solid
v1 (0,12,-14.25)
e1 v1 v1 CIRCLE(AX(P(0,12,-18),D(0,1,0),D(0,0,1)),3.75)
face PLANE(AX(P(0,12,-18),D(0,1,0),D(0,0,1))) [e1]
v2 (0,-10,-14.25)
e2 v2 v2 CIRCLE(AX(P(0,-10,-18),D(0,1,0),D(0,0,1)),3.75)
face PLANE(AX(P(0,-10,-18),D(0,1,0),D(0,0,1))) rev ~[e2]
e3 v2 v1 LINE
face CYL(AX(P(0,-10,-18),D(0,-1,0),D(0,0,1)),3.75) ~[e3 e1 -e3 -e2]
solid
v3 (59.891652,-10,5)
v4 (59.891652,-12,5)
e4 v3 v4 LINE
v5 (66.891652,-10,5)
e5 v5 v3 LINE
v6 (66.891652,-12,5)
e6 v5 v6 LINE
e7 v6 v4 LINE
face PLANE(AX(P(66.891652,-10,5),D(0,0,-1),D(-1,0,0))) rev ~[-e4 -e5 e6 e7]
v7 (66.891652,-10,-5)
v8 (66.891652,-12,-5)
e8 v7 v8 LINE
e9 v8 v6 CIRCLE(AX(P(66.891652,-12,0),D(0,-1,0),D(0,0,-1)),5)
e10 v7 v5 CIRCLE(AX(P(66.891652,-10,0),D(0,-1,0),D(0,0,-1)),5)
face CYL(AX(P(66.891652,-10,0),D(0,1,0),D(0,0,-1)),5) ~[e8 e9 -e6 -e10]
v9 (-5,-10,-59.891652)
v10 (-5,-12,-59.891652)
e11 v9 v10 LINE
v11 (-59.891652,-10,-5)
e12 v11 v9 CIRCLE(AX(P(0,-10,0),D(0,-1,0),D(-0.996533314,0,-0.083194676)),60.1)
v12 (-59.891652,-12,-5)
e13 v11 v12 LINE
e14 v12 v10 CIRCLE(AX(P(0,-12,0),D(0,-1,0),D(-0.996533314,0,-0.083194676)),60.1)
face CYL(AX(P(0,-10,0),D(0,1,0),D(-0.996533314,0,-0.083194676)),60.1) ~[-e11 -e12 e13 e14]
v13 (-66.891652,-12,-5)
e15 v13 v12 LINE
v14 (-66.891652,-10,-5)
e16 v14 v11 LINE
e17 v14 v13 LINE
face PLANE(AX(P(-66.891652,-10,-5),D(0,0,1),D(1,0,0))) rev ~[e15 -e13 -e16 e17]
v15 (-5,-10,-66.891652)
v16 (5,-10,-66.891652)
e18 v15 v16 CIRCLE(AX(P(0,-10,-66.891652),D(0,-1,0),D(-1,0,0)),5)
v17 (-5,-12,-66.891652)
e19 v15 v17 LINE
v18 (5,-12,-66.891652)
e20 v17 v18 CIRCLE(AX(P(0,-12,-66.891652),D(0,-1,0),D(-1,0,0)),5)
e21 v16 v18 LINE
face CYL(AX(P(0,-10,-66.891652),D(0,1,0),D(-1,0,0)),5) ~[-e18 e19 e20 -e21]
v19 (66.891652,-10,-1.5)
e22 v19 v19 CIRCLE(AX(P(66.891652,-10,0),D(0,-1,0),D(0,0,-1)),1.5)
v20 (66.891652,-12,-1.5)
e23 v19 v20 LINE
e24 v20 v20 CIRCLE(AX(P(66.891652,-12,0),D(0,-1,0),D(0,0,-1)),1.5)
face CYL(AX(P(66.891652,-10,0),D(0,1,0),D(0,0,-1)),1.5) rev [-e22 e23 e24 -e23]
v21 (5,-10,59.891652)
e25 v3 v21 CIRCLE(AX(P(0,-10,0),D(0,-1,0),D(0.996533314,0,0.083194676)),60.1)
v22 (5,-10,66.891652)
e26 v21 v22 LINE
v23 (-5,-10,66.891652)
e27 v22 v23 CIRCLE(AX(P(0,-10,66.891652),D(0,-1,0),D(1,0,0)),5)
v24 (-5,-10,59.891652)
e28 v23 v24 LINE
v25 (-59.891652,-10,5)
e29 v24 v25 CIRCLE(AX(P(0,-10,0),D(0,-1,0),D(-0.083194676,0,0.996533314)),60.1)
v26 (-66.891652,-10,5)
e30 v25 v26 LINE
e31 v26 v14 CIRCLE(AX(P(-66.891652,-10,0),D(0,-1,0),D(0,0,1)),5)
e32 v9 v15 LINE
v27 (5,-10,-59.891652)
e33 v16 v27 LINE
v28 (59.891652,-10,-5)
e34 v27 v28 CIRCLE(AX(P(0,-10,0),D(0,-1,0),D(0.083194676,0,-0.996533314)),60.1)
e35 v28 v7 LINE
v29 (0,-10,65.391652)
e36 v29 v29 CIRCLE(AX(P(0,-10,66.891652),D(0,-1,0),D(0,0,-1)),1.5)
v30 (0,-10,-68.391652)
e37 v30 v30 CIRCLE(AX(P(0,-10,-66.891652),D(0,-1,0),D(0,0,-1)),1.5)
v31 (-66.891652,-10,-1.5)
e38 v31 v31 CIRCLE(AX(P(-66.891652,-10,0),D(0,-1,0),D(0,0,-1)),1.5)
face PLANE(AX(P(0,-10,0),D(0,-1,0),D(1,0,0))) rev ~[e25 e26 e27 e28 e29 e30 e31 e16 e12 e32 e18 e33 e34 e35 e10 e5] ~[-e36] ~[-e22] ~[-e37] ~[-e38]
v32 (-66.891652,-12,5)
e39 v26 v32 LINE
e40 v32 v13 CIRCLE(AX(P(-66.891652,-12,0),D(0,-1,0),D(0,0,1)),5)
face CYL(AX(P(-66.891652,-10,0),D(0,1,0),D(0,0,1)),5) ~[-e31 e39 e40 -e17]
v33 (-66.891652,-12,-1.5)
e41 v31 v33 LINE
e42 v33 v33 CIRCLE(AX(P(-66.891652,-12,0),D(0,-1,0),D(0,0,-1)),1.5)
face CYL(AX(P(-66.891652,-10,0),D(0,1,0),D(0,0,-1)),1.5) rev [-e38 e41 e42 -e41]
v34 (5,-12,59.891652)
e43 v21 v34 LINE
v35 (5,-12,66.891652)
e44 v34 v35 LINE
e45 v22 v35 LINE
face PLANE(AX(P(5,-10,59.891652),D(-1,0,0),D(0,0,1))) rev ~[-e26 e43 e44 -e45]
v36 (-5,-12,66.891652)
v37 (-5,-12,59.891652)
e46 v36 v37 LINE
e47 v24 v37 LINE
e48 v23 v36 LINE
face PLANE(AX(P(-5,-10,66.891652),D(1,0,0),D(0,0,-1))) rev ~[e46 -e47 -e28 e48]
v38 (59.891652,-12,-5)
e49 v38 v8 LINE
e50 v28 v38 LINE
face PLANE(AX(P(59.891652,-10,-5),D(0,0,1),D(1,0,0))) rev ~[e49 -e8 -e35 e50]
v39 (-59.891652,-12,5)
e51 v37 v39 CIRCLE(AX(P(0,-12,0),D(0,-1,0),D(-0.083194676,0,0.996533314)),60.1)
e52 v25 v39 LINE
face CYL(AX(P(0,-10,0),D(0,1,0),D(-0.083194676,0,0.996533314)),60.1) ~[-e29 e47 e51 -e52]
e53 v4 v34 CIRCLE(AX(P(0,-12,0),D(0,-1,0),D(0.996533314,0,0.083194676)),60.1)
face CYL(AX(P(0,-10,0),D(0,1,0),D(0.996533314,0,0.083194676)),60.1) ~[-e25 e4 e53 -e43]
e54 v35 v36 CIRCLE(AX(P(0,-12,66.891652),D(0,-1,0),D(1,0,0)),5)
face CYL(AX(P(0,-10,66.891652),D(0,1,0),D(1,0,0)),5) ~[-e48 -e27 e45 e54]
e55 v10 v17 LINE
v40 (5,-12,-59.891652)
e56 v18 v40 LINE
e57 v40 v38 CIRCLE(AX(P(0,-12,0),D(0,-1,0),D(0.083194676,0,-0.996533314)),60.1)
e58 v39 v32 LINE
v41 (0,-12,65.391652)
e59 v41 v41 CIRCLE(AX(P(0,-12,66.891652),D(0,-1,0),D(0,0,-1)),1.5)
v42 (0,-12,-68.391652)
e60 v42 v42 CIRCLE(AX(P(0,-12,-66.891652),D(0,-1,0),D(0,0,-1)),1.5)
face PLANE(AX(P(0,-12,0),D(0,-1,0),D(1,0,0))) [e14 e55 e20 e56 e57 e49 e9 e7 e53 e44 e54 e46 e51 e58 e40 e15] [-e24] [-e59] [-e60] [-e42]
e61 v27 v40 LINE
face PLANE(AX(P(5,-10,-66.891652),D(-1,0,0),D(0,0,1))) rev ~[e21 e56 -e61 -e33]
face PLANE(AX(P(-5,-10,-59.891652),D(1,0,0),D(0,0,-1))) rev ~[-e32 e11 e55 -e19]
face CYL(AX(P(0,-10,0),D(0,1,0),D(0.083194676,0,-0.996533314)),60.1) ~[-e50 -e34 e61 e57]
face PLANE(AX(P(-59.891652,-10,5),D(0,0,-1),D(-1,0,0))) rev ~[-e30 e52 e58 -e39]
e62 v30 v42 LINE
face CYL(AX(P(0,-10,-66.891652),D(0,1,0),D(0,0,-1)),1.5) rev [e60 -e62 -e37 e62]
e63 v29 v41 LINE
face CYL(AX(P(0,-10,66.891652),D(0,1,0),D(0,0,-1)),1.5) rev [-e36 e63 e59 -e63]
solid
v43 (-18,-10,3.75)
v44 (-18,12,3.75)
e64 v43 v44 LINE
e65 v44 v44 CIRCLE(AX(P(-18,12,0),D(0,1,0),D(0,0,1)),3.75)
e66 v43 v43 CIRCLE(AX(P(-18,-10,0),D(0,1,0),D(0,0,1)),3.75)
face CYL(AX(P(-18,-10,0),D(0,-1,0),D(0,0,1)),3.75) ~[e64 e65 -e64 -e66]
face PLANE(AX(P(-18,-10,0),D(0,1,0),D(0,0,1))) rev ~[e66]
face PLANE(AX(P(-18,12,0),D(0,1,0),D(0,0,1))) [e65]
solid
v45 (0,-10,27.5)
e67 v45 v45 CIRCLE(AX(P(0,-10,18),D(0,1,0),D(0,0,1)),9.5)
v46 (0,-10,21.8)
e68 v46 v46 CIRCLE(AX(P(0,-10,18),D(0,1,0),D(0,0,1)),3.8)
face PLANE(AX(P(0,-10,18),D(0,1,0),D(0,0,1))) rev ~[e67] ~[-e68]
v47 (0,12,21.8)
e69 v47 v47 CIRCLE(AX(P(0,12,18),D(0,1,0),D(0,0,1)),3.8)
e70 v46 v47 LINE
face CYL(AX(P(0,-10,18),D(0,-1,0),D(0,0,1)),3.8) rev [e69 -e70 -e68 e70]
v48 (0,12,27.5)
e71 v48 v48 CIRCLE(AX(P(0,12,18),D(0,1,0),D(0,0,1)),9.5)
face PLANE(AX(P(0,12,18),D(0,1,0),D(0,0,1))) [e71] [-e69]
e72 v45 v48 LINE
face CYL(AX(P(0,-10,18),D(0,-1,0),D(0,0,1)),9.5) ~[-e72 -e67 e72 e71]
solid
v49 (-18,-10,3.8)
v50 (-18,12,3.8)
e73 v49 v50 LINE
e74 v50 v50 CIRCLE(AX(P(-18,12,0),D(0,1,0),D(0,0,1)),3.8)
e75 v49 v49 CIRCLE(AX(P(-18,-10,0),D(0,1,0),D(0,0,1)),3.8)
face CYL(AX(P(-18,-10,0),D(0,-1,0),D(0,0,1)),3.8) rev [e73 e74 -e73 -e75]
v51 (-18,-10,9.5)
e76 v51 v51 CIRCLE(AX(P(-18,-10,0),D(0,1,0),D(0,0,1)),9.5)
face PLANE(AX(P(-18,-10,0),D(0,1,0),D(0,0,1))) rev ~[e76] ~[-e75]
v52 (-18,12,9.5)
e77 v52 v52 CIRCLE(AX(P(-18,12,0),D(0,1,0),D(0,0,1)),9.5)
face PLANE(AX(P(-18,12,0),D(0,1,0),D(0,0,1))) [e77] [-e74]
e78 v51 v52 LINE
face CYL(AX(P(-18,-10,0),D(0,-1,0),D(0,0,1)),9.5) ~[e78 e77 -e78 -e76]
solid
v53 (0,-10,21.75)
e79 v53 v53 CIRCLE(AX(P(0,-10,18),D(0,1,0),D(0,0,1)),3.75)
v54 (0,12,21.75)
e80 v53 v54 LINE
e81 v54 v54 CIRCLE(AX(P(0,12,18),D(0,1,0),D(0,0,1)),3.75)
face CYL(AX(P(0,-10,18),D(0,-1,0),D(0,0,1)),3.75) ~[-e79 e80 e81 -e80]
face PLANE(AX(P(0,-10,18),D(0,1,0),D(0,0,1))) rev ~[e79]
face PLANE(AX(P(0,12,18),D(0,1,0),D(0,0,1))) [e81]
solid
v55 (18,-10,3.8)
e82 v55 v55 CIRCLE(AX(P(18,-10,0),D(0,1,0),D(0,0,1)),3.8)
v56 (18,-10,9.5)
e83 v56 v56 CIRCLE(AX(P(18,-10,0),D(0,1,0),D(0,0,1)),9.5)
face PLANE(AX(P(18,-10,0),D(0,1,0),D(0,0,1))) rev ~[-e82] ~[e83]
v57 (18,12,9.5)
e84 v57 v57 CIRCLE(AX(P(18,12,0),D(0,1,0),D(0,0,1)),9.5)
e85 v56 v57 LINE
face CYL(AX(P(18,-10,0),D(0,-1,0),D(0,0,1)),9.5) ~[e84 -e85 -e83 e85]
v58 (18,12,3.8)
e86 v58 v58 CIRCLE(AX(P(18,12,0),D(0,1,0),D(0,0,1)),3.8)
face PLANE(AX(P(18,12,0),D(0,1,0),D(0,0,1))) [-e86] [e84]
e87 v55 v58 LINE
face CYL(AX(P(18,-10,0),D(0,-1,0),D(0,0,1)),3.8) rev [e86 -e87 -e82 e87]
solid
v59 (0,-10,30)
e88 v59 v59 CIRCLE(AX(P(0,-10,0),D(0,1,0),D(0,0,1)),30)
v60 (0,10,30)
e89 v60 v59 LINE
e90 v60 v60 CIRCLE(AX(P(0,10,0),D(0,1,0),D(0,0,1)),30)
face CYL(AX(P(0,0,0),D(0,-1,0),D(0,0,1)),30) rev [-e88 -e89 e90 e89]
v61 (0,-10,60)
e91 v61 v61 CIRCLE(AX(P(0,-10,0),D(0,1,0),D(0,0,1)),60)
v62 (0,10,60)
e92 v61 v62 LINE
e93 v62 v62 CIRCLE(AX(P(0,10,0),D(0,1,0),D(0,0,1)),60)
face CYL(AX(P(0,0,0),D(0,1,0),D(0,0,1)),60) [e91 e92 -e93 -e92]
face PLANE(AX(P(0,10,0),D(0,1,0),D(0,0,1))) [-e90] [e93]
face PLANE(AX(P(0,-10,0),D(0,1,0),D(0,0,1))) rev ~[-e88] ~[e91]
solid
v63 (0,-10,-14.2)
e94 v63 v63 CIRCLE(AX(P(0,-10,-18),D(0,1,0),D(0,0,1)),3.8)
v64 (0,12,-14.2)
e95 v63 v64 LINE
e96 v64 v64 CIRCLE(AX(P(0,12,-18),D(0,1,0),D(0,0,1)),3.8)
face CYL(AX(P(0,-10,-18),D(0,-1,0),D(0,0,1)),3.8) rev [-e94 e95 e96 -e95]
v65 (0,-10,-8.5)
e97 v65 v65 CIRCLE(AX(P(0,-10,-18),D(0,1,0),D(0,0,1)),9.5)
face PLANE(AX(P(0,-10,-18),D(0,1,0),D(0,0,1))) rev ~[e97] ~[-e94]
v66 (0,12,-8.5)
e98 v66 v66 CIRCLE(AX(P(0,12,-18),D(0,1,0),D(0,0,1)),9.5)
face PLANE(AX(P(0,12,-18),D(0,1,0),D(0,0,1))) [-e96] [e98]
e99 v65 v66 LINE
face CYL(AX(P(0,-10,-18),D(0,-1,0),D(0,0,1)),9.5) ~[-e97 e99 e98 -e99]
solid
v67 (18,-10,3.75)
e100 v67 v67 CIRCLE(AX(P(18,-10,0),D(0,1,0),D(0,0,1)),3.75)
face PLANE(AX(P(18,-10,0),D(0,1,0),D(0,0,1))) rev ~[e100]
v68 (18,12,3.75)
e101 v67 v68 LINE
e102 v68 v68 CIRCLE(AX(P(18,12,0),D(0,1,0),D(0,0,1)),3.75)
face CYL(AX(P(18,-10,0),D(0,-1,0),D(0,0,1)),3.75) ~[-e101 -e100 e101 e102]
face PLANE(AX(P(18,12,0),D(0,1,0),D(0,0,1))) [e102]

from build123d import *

# Parameters (mm, degrees)
SKETCH1_R             = 60
SKETCH1_R_2           = 30
BOSS_EXTRUDE1_DEPTH   = 10
SKETCH2_R             = 1.5
BOSS_EXTRUDE2_DEPTH   = 2
SKETCH3_R             = 9.5
SKETCH3_R_2           = 3.8
BOSS_EXTRUDE3_DEPTH   = 22
BOSS_EXTRUDE3_2_DEPTH = 22
SKETCH3_R_3           = 3.75
BOSS_EXTRUDE3_3_DEPTH = 22
BOSS_EXTRUDE3_4_DEPTH = 22
BOSS_EXTRUDE3_5_DEPTH = 22
BOSS_EXTRUDE3_6_DEPTH = 22
BOSS_EXTRUDE3_7_DEPTH = 22
BOSS_EXTRUDE3_8_DEPTH = 22


with BuildPart() as part:
    # Sketch1 → Boss-Extrude1 (new, symmetric)
    with BuildSketch(Plane(origin=(0, 0, 0), x_dir=(1, 0, 0), z_dir=(0, 1, 0))):
        with Locations(Location((0, 0, 0), (0, 0, 270))):
            Circle(SKETCH1_R)
        with Locations(Location((0, 0, 0), (0, 0, 270))):
            Circle(SKETCH1_R_2, mode=Mode.SUBTRACT)
    extrude(amount=BOSS_EXTRUDE1_DEPTH, both=True)


with BuildPart() as body_2:
    # Sketch2 → Boss-Extrude2 (new body)
    with BuildSketch(Plane.XZ.offset(10)):
        with BuildLine():
            Line((-5, 66.891652173), (-5, 59.891652173))
            ThreePointArc((-5, 59.891652173), (-42.497117549, 42.497117549), (-59.891652173, 5))
            Line((-59.891652173, 5), (-66.891652173, 5))
            ThreePointArc((-66.891652173, 5), (-71.891652173, 0), (-66.891652173, -5))
            Line((-66.891652173, -5), (-59.891652173, -5))
            ThreePointArc((-59.891652173, -5), (-42.497117549, -42.497117549), (-5, -59.891652173))
            Line((-5, -59.891652173), (-5, -66.891652173))
            ThreePointArc((-5, -66.891652173), (0, -71.891652173), (5, -66.891652173))
            Line((5, -66.891652173), (5, -59.891652173))
            ThreePointArc((5, -59.891652173), (42.497117549, -42.497117549), (59.891652173, -5))
            Line((59.891652173, -5), (66.891652173, -5))
            ThreePointArc((66.891652173, -5), (71.891652173, 0), (66.891652173, 5))
            Line((66.891652173, 5), (59.891652173, 5))
            ThreePointArc((59.891652173, 5), (42.497117549, 42.497117549), (5, 59.891652173))
            Line((5, 59.891652173), (5, 66.891652173))
            ThreePointArc((5, 66.891652173), (0, 71.891652173), (-5, 66.891652173))
        make_face()
        with Locations(Location((0, 66.891652173, 0), (0, 0, 270))):
            Circle(SKETCH2_R, mode=Mode.SUBTRACT)
        with Locations(Location((66.891652173, 0, 0), (0, 0, 270))):
            Circle(SKETCH2_R, mode=Mode.SUBTRACT)
        with Locations(Location((0, -66.891652173, 0), (0, 0, 270))):
            Circle(SKETCH2_R, mode=Mode.SUBTRACT)
        with Locations(Location((-66.891652173, 0, 0), (0, 0, 270))):
            Circle(SKETCH2_R, mode=Mode.SUBTRACT)
    extrude(amount=BOSS_EXTRUDE2_DEPTH)


with BuildPart() as body_3:
    # Sketch3 → Boss-Extrude3 (new body)
    with BuildSketch(Plane(origin=(0, -10, 0), x_dir=(1, 0, 0), z_dir=(0, 1, 0))):
        with Locations(Location((0, 18, 0), (0, 0, 270))):
            Circle(SKETCH3_R)
        with Locations(Location((0, 18, 0), (0, 0, 270))):
            Circle(SKETCH3_R_2, mode=Mode.SUBTRACT)
    extrude(amount=BOSS_EXTRUDE3_DEPTH)


with BuildPart() as body_4:
    # Sketch3 → Boss-Extrude3 2 (new body)
    with BuildSketch(Plane(origin=(0, -10, 0), x_dir=(1, 0, 0), z_dir=(0, 1, 0))):
        with Locations(Location((-18, 0, 0), (0, 0, 270))):
            Circle(SKETCH3_R)
        with Locations(Location((-18, 0, 0), (0, 0, 270))):
            Circle(SKETCH3_R_2, mode=Mode.SUBTRACT)
    extrude(amount=BOSS_EXTRUDE3_2_DEPTH)


with BuildPart() as body_5:
    # Sketch3 → Boss-Extrude3 3 (new body)
    with BuildSketch(Plane(origin=(0, -10, 0), x_dir=(1, 0, 0), z_dir=(0, 1, 0))):
        with Locations(Location((-18, 0, 0), (0, 0, 270))):
            Circle(SKETCH3_R_3)
    extrude(amount=BOSS_EXTRUDE3_3_DEPTH)


with BuildPart() as body_6:
    # Sketch3 → Boss-Extrude3 4 (new body)
    with BuildSketch(Plane(origin=(0, -10, 0), x_dir=(1, 0, 0), z_dir=(0, 1, 0))):
        with Locations(Location((0, -18, 0), (0, 0, 270))):
            Circle(SKETCH3_R)
        with Locations(Location((0, -18, 0), (0, 0, 270))):
            Circle(SKETCH3_R_2, mode=Mode.SUBTRACT)
    extrude(amount=BOSS_EXTRUDE3_4_DEPTH)


with BuildPart() as body_7:
    # Sketch3 → Boss-Extrude3 5 (new body)
    with BuildSketch(Plane(origin=(0, -10, 0), x_dir=(1, 0, 0), z_dir=(0, 1, 0))):
        with Locations(Location((0, -18, 0), (0, 0, 270))):
            Circle(SKETCH3_R_3)
    extrude(amount=BOSS_EXTRUDE3_5_DEPTH)


with BuildPart() as body_8:
    # Sketch3 → Boss-Extrude3 6 (new body)
    with BuildSketch(Plane(origin=(0, -10, 0), x_dir=(1, 0, 0), z_dir=(0, 1, 0))):
        with Locations(Location((18, 0, 0), (0, 0, 270))):
            Circle(SKETCH3_R_3)
    extrude(amount=BOSS_EXTRUDE3_6_DEPTH)


with BuildPart() as body_9:
    # Sketch3 → Boss-Extrude3 7 (new body)
    with BuildSketch(Plane(origin=(0, -10, 0), x_dir=(1, 0, 0), z_dir=(0, 1, 0))):
        with Locations(Location((18, 0, 0), (0, 0, 270))):
            Circle(SKETCH3_R)
        with Locations(Location((18, 0, 0), (0, 0, 270))):
            Circle(SKETCH3_R_2, mode=Mode.SUBTRACT)
    extrude(amount=BOSS_EXTRUDE3_7_DEPTH)


with BuildPart() as body_10:
    # Sketch3 → Boss-Extrude3 8 (new body)
    with BuildSketch(Plane(origin=(0, -10, 0), x_dir=(1, 0, 0), z_dir=(0, 1, 0))):
        with Locations(Location((0, 18, 0), (0, 0, 270))):
            Circle(SKETCH3_R_3)
    extrude(amount=BOSS_EXTRUDE3_8_DEPTH)


solid = Compound([part.part, body_2.part, body_3.part, body_4.part, body_5.part, body_6.part, body_7.part, body_8.part, body_9.part, body_10.part])
